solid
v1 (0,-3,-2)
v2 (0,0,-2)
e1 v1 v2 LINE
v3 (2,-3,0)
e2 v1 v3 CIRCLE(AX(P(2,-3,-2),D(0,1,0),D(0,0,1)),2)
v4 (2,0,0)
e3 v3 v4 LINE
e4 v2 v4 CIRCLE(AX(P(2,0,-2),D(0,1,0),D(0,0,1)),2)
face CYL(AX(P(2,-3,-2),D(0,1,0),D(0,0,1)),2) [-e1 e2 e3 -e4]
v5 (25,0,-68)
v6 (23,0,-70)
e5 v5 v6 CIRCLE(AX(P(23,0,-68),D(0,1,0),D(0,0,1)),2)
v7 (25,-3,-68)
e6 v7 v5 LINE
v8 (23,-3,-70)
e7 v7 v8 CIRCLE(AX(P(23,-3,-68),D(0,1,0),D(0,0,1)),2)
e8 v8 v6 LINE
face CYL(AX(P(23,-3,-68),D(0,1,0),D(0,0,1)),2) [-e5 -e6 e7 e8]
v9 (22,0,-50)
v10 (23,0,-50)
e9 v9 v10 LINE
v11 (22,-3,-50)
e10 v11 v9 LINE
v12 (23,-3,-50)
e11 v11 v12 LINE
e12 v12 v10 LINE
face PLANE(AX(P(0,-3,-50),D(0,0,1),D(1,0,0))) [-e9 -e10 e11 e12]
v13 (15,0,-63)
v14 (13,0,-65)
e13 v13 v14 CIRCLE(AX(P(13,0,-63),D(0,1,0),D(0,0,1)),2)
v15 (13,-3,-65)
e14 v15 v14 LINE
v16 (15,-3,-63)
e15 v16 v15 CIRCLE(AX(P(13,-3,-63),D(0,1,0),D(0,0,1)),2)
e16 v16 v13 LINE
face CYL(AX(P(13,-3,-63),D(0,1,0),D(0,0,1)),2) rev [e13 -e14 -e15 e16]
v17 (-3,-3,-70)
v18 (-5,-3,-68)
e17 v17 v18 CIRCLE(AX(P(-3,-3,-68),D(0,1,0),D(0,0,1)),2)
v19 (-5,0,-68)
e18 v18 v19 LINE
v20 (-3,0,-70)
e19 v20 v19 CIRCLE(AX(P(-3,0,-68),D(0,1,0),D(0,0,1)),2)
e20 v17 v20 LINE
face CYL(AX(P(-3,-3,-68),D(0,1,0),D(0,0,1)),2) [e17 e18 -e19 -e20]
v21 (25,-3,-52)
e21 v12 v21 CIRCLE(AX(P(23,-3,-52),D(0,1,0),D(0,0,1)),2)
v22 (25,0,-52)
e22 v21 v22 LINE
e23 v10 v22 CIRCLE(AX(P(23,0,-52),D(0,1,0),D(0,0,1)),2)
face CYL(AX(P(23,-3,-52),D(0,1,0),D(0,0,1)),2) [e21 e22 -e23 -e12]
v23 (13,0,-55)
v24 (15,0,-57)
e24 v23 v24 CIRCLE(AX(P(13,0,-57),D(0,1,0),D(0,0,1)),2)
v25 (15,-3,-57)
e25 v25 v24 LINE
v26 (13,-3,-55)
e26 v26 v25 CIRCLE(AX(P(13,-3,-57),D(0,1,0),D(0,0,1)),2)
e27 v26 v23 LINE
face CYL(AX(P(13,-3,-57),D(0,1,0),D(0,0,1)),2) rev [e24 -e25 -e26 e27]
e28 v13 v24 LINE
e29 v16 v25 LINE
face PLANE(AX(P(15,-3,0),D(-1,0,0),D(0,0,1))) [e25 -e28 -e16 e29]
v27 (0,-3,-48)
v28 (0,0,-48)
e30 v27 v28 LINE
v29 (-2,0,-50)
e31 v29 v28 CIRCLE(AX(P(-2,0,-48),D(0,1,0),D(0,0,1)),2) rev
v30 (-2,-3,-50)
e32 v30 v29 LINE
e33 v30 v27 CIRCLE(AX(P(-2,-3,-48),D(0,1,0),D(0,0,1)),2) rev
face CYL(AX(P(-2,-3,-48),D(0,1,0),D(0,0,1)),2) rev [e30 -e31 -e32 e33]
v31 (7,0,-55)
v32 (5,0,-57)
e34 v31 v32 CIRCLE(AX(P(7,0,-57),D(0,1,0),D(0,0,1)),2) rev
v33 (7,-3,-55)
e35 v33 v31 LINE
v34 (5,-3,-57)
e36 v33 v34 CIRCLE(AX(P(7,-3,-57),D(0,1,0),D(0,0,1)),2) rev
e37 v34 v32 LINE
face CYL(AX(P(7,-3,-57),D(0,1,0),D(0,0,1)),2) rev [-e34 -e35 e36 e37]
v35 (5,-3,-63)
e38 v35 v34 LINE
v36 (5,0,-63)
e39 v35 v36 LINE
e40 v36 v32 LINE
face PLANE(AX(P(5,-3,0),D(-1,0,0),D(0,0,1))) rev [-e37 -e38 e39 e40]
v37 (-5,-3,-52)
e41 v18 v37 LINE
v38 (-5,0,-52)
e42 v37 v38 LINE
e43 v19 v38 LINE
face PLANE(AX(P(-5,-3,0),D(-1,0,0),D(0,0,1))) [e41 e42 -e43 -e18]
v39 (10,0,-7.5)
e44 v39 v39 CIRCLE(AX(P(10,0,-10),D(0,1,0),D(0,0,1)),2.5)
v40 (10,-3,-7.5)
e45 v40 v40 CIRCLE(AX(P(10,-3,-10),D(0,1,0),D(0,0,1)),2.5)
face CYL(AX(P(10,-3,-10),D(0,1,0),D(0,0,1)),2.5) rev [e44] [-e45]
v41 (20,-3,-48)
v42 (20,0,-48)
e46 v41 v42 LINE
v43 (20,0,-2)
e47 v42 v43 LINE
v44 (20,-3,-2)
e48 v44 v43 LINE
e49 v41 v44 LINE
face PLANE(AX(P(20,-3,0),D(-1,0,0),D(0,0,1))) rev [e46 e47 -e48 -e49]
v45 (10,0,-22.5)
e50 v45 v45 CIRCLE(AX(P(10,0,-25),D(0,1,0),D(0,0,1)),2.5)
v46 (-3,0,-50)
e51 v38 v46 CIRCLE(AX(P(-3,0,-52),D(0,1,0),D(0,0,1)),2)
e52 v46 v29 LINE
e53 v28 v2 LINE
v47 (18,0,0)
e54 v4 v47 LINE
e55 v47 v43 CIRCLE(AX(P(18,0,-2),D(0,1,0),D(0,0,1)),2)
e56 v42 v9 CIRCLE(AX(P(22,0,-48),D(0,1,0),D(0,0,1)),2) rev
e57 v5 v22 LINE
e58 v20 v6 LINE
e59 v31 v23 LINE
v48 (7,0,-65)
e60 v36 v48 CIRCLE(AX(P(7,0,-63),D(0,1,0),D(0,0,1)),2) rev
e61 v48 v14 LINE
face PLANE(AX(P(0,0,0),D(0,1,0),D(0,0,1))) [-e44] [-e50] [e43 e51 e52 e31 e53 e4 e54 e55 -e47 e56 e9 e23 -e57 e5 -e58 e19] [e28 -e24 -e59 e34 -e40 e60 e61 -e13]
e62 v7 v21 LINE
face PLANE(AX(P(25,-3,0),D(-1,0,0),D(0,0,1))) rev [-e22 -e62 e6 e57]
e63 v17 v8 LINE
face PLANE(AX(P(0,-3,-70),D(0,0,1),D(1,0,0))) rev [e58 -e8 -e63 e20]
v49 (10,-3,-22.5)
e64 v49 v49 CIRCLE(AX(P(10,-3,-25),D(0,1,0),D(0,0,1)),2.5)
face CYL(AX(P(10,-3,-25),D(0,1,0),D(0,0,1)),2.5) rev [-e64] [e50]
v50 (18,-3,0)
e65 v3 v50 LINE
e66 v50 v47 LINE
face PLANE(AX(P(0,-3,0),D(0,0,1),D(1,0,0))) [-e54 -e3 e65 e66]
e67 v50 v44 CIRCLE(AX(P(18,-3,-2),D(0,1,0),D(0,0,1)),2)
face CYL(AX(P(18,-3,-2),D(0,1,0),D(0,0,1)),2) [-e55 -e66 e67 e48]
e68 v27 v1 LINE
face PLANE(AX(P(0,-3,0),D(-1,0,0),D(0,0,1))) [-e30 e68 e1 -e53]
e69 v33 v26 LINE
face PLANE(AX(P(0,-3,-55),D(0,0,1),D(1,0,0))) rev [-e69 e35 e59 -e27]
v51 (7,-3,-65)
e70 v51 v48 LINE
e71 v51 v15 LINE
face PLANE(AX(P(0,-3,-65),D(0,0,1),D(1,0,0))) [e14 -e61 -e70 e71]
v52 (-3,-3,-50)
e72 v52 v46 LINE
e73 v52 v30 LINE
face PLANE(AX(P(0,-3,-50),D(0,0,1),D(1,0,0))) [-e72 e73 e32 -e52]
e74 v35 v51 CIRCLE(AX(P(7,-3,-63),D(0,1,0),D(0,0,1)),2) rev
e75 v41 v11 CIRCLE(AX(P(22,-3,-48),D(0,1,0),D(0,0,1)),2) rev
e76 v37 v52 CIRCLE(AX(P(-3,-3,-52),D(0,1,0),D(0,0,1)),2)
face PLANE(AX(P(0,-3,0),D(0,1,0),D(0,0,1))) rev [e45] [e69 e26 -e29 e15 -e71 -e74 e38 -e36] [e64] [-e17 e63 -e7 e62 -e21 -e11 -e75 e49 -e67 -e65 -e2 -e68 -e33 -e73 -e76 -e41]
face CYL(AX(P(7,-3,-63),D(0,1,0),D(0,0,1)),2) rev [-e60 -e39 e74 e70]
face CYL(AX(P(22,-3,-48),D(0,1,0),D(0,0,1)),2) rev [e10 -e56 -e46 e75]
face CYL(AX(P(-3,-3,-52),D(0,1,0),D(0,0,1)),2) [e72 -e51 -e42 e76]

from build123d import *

# Parameters (mm, degrees)
SKETCH_1_R      = 2.5
EXTRUDE_1_DEPTH = 3


with BuildPart() as part:
    # 草图1 → 凸台-拉伸1 (new body)
    with BuildSketch(Plane(origin=(0, 0, 0), x_dir=(1, 0, 0), z_dir=(0, 1, 0))):
        with BuildLine():
            Line((22, 50), (23, 50))
            ThreePointArc((23, 50), (24.414213562, 50.585786438), (25, 52))
            Line((25, 52), (25, 68))
            ThreePointArc((25, 68), (24.414213562, 69.414213562), (23, 70))
            Line((23, 70), (-3, 70))
            ThreePointArc((-3, 70), (-4.414213562, 69.414213562), (-5, 68))
            Line((-5, 68), (-5, 52))
            ThreePointArc((-5, 52), (-4.414213562, 50.585786438), (-3, 50))
            Line((-3, 50), (-2, 50))
            ThreePointArc((-2, 50), (-0.585786438, 49.414213562), (0, 48))
            Line((0, 48), (0, 2))
            ThreePointArc((0, 2), (0.585786438, 0.585786438), (2, 0))
            Line((2, 0), (18, 0))
            ThreePointArc((18, 0), (19.414213562, 0.585786438), (20, 2))
            Line((20, 2), (20, 48))
            ThreePointArc((20, 48), (20.585786438, 49.414213562), (22, 50))
        make_face()
        with Locations(Location((10, 25, 0), (0, 0, 270))):
            Circle(SKETCH_1_R, mode=Mode.SUBTRACT)
        with Locations(Location((10, 10, 0), (0, 0, 270))):
            Circle(SKETCH_1_R, mode=Mode.SUBTRACT)
        with BuildLine():
            Line((7, 65), (13, 65))
            ThreePointArc((13, 65), (14.414213562, 64.414213562), (15, 63))
            Line((15, 63), (15, 57))
            ThreePointArc((15, 57), (14.414213562, 55.585786438), (13, 55))
            Line((13, 55), (7, 55))
            ThreePointArc((7, 55), (5.585786438, 55.585786438), (5, 57))
            Line((5, 57), (5, 63))
            ThreePointArc((5, 63), (5.585786438, 64.414213562), (7, 65))
        make_face(mode=Mode.SUBTRACT)
    extrude(amount=-EXTRUDE_1_DEPTH)


solid = part.part
